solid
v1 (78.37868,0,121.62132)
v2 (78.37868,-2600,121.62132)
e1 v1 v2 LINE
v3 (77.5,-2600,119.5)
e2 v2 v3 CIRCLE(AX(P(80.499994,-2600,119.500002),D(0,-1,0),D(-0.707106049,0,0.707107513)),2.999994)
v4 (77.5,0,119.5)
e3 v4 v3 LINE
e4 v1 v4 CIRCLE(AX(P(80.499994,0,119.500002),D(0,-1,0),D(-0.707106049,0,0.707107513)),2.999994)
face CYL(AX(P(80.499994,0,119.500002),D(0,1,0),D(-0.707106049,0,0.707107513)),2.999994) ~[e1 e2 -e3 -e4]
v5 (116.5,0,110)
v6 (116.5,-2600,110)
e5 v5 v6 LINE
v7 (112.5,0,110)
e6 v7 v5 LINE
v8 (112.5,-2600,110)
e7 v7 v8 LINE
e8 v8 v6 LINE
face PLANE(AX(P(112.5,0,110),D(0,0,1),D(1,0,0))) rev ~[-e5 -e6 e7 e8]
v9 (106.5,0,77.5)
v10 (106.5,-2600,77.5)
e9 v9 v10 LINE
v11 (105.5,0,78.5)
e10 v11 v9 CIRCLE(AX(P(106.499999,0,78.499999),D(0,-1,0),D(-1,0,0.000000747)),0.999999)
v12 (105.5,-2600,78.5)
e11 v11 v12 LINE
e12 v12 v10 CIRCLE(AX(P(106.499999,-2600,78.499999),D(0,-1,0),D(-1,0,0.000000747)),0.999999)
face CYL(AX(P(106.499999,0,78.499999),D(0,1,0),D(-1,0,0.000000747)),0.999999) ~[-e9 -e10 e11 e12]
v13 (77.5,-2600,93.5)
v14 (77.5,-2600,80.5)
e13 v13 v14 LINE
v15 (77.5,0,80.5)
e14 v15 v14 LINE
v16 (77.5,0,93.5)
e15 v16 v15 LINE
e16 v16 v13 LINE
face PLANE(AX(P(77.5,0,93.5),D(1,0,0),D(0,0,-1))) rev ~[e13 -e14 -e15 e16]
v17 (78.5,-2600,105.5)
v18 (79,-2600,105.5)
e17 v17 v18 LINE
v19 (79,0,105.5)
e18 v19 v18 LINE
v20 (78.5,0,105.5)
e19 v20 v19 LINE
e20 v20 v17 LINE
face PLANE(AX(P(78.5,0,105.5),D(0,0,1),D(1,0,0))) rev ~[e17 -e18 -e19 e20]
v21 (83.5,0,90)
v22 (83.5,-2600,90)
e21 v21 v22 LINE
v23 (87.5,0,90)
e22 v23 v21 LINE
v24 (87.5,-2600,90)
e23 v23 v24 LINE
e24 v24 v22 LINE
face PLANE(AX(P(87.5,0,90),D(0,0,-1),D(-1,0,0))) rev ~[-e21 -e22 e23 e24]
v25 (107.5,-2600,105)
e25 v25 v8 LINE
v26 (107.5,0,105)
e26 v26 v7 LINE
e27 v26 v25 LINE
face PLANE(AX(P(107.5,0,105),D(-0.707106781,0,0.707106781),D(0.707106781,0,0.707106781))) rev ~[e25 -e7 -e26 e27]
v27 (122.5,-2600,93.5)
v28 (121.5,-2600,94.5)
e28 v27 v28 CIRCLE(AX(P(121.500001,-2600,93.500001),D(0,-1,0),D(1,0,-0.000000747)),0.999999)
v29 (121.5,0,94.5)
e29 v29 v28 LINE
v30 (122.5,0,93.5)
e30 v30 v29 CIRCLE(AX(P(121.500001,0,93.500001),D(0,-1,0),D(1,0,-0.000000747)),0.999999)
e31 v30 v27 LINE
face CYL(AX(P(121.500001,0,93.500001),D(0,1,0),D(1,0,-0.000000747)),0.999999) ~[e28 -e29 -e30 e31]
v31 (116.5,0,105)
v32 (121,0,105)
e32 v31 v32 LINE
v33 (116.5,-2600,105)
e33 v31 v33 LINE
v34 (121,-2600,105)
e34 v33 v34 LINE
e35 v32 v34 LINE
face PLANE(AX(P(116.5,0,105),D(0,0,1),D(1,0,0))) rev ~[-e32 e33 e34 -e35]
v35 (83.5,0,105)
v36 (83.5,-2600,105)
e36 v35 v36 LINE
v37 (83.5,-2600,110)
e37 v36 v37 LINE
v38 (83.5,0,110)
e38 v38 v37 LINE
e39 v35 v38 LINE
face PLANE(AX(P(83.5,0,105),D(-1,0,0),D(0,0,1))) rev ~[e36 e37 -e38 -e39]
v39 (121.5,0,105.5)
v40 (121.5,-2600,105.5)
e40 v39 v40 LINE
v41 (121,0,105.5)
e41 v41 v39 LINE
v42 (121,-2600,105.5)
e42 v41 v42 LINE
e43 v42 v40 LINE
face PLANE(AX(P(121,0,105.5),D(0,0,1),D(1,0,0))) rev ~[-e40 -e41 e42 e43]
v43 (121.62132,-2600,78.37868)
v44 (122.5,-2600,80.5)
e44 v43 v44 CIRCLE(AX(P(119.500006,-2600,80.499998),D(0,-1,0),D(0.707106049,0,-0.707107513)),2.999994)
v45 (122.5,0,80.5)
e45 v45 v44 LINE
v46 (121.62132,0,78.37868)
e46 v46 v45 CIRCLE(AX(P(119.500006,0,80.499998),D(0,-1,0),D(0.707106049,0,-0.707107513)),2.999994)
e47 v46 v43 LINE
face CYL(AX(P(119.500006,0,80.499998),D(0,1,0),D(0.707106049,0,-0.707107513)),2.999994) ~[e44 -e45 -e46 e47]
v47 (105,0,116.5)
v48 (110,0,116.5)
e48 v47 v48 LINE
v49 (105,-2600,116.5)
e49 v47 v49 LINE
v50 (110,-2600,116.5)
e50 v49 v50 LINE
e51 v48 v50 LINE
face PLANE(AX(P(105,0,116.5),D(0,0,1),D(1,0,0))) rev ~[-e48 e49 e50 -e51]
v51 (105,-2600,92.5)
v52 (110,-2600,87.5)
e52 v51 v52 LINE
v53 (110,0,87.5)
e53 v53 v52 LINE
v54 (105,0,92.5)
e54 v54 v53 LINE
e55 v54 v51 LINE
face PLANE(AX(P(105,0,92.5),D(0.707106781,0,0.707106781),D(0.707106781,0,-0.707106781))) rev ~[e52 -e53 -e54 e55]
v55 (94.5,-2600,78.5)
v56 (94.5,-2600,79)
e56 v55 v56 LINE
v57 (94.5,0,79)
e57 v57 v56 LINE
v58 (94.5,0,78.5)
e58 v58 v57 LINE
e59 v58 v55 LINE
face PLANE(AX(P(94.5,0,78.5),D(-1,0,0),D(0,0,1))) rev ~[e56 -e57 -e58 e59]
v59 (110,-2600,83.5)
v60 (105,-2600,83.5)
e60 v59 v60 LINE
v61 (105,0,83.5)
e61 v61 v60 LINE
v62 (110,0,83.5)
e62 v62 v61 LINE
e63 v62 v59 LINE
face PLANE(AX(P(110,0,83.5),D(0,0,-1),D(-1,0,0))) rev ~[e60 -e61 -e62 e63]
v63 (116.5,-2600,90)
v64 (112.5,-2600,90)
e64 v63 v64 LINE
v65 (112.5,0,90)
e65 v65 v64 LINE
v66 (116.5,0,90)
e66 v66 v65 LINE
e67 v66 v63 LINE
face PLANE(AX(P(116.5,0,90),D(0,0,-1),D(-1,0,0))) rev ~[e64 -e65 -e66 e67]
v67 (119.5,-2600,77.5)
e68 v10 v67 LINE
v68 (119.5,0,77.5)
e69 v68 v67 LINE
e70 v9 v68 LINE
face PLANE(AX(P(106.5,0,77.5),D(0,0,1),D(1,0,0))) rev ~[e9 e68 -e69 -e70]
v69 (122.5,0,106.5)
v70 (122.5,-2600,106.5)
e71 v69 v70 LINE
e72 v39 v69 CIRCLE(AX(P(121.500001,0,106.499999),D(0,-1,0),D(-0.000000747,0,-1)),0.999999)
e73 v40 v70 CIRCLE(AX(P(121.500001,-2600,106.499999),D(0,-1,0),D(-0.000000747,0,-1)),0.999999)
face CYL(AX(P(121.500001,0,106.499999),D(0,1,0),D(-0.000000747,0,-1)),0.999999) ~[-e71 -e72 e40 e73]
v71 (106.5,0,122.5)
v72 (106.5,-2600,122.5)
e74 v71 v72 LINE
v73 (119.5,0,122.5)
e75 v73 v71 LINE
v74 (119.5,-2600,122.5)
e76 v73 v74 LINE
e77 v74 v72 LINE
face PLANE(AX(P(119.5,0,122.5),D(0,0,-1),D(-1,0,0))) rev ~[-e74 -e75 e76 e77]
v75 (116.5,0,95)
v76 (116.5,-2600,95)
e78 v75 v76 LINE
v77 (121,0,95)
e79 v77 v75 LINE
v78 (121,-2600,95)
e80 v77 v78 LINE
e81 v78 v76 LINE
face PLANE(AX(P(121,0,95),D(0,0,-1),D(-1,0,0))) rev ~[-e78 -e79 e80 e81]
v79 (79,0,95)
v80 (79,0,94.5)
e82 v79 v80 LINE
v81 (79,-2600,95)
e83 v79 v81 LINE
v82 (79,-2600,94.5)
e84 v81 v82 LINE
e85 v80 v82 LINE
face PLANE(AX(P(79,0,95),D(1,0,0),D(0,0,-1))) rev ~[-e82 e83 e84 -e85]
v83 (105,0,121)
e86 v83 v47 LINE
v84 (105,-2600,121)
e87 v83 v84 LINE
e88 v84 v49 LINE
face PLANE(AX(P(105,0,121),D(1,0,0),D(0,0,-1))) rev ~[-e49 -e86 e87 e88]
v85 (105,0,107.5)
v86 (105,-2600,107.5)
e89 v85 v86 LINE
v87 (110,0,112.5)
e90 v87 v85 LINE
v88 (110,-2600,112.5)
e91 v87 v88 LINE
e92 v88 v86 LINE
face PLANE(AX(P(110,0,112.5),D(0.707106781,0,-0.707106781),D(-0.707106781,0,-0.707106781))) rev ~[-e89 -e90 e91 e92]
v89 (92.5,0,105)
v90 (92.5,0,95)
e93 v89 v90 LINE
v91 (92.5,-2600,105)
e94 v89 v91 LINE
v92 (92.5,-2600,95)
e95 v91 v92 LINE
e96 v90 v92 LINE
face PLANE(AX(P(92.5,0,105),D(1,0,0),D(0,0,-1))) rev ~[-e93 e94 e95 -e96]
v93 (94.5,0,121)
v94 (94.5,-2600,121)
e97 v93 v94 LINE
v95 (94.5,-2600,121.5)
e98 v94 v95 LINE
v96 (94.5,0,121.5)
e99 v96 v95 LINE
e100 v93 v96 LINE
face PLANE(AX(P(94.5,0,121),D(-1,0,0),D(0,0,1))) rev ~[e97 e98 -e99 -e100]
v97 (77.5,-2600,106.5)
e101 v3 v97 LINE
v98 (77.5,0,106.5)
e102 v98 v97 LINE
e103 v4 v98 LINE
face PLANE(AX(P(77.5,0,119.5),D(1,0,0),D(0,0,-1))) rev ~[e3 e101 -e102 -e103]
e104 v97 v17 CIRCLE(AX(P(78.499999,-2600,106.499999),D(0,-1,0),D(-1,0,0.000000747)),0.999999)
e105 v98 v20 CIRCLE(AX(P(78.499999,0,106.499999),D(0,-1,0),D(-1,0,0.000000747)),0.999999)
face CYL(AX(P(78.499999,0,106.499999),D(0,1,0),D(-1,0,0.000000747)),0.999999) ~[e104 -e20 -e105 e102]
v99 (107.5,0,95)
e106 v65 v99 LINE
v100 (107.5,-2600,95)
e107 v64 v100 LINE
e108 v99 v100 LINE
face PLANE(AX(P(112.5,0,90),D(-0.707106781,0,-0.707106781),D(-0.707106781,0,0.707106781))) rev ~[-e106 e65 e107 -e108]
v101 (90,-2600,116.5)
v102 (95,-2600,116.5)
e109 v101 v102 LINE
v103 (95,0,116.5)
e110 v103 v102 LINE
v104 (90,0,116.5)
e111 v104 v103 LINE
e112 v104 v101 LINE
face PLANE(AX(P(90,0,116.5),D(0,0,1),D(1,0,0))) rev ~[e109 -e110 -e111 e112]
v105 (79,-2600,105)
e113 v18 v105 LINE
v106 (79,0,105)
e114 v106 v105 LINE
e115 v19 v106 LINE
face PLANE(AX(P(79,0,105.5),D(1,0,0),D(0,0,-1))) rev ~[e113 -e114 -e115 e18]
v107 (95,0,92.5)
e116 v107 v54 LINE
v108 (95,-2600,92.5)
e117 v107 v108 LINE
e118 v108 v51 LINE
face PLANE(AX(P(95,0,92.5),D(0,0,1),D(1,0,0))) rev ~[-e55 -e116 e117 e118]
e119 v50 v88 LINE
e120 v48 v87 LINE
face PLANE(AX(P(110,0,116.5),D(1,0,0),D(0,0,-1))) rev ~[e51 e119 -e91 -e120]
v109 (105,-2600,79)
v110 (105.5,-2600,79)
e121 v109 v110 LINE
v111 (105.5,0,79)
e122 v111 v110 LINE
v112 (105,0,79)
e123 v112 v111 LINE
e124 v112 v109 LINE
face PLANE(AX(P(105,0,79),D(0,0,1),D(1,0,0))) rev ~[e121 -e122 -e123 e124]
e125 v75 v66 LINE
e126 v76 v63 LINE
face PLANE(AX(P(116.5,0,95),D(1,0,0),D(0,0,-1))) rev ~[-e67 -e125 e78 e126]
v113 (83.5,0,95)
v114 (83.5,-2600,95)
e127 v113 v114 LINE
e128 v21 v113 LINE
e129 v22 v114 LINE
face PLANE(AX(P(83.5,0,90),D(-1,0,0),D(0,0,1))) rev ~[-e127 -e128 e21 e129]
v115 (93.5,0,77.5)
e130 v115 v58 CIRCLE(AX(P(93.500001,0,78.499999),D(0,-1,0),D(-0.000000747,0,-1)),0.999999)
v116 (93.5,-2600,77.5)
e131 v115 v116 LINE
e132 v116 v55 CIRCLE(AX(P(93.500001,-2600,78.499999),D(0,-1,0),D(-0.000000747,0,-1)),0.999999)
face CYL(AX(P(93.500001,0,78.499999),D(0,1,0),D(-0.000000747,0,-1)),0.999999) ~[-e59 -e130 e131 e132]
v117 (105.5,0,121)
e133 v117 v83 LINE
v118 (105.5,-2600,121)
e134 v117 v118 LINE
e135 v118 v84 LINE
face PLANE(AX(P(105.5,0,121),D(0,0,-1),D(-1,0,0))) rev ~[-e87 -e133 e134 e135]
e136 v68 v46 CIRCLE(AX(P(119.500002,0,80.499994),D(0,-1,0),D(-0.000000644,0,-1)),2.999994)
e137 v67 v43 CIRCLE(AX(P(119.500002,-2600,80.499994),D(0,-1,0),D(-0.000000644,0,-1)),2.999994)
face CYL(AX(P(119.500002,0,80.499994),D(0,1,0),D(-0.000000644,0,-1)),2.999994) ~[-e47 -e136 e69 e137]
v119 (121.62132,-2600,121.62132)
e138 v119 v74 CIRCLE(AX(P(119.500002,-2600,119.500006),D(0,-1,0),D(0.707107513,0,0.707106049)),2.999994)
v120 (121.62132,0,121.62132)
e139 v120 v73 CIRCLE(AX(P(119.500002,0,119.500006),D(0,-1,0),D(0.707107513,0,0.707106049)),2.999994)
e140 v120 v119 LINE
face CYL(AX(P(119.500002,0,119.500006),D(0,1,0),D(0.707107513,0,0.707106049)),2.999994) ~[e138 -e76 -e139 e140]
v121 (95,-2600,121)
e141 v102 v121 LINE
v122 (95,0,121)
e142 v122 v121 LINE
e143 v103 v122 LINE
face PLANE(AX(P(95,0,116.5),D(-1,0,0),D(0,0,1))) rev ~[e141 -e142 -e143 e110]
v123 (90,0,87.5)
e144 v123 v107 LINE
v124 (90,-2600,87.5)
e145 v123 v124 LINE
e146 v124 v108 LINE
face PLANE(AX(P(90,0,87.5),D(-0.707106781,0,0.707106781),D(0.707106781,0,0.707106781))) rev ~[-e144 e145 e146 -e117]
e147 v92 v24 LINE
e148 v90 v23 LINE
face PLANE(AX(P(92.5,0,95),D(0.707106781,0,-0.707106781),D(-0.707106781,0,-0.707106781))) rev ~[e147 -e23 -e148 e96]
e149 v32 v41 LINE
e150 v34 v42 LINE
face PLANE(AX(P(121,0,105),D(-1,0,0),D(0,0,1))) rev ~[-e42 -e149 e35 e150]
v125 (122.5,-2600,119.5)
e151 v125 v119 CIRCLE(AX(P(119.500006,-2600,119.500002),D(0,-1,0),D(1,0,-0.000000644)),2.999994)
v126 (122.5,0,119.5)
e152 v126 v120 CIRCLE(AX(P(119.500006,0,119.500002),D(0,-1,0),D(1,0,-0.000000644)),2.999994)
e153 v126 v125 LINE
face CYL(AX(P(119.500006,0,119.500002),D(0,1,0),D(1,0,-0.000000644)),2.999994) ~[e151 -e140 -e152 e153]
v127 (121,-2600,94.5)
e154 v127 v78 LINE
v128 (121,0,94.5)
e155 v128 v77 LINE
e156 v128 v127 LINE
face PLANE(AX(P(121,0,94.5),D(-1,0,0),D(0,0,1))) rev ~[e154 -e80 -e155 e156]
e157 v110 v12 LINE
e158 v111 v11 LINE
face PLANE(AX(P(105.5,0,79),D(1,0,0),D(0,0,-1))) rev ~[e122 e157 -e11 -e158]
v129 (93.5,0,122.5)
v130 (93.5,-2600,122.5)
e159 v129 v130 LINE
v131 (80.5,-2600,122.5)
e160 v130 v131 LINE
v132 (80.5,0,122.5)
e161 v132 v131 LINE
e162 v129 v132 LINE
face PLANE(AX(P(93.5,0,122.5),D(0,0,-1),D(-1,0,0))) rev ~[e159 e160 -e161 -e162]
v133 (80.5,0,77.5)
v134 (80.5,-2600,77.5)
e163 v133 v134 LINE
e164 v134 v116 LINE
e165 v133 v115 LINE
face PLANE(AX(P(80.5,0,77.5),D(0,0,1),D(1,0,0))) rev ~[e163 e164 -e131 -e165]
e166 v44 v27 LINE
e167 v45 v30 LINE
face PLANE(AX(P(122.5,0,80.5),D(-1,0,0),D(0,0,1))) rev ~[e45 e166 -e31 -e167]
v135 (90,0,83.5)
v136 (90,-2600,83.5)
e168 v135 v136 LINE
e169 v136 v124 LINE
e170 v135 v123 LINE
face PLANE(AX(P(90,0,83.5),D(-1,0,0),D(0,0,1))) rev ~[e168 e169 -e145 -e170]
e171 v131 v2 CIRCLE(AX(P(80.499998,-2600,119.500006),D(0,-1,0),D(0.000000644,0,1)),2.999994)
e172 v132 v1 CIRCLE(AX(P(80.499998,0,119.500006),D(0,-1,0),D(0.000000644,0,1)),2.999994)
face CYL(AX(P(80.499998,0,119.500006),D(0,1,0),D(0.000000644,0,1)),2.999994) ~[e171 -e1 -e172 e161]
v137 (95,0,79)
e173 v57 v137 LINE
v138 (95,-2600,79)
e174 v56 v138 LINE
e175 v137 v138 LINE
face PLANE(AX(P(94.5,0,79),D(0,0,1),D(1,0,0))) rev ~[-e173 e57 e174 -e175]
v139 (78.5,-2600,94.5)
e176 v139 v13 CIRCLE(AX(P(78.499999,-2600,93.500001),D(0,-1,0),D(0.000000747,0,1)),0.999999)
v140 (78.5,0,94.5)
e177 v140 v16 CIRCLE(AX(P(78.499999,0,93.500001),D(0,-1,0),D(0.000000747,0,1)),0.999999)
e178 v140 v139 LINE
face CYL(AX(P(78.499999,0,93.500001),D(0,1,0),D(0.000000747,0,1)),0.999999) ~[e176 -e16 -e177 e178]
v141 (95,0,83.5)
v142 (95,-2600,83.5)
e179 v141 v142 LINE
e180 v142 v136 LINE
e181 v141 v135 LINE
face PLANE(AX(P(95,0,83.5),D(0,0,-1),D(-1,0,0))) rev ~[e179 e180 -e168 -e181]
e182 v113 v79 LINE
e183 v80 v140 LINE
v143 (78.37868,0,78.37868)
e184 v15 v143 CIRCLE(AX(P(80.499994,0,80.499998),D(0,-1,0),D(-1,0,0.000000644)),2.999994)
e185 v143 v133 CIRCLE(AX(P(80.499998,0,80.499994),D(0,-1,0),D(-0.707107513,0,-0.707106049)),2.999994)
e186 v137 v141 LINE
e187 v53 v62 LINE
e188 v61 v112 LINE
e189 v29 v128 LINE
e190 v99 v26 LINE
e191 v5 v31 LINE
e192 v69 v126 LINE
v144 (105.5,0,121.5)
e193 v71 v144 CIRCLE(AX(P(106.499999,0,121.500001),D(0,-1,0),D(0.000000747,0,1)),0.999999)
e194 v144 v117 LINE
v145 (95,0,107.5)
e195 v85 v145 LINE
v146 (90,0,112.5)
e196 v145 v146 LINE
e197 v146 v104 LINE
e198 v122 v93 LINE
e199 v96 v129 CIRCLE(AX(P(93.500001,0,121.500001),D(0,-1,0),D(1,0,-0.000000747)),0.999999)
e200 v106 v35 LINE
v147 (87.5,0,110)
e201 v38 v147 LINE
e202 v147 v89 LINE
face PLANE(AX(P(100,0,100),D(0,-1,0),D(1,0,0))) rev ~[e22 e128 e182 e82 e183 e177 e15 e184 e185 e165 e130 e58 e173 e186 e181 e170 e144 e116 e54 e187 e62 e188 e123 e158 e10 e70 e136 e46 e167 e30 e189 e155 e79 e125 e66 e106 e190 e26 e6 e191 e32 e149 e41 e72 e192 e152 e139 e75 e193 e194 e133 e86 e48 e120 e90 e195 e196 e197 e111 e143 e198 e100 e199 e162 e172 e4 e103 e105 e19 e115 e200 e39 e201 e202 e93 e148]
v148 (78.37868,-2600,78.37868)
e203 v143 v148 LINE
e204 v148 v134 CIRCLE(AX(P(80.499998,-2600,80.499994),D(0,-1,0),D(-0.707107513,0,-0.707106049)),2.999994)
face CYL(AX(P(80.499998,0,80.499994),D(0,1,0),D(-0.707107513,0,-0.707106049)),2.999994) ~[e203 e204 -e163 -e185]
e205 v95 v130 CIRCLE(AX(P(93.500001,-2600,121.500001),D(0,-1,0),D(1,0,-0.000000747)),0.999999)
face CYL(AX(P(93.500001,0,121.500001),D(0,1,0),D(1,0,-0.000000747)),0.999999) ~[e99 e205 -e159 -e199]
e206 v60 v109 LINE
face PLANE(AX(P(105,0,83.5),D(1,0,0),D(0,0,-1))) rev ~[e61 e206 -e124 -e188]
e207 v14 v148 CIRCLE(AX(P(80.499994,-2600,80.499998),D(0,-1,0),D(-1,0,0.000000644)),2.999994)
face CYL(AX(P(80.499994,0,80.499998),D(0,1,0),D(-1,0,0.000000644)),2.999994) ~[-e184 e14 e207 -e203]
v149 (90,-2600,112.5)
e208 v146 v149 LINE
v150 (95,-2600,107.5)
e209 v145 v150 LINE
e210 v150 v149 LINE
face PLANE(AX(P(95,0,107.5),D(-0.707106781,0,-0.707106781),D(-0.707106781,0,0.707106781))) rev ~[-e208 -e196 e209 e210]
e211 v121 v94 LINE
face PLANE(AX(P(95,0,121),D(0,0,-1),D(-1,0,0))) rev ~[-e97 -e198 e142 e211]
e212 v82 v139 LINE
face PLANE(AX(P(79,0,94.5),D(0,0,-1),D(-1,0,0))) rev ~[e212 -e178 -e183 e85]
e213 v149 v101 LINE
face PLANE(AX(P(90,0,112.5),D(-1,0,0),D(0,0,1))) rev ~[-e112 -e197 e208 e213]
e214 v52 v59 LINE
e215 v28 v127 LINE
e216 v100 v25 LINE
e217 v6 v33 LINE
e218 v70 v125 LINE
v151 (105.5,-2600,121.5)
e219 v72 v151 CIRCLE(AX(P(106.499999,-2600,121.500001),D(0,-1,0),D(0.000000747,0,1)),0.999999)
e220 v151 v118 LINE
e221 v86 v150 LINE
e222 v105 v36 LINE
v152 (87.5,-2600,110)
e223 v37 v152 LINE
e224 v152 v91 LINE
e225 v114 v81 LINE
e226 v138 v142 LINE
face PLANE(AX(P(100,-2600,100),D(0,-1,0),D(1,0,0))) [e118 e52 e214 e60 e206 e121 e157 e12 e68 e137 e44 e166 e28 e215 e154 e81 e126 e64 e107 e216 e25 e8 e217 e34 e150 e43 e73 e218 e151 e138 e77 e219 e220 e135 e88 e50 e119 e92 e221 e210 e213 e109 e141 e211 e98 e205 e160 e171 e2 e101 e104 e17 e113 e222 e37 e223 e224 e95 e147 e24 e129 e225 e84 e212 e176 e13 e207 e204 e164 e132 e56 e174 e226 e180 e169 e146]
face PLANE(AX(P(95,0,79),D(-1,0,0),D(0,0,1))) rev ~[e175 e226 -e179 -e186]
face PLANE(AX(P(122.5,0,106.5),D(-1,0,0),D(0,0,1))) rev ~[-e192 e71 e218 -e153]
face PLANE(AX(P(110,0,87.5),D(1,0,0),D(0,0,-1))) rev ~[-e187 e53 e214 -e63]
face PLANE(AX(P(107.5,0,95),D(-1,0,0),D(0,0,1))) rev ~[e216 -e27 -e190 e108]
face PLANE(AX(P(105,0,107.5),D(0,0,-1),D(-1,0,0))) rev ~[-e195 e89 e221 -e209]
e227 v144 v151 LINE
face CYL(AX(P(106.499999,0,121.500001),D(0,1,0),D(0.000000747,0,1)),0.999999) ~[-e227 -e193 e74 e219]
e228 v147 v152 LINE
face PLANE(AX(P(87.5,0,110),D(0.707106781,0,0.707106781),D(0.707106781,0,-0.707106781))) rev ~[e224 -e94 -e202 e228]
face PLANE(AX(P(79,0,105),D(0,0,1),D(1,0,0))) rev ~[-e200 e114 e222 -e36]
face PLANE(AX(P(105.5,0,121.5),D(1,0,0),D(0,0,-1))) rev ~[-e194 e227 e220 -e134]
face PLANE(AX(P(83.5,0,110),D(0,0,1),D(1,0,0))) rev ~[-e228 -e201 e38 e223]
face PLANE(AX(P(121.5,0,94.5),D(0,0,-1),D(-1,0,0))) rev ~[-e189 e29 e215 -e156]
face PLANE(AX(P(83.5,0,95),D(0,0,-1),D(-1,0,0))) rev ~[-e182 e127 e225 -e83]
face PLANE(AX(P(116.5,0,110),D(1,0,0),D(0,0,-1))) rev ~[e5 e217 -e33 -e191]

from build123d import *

# Parameters (mm, degrees)
F1_DEPTH = 2600


with BuildPart() as f1:
    # F0 (on Front) → F1 (new body)
    with BuildSketch(Plane.XZ):
        with BuildLine():
            Line((93.5, 122.5), (80.5, 122.5))
            ThreePointArc((80.5, 122.5), (79.35195, 122.271639), (78.37868, 121.62132))
            ThreePointArc((78.37868, 121.62132), (77.728361, 120.64805), (77.5, 119.5))
            Line((77.5, 119.5), (77.5, 106.5))
            ThreePointArc((77.5, 106.5), (77.792893, 105.792893), (78.5, 105.5))
            Line((78.5, 105.5), (79, 105.5))
            Line((79, 105.5), (79, 105))
            Line((79, 105), (83.5, 105))
            Line((83.5, 105), (83.5, 110))
            Line((83.5, 110), (87.5, 110))
            Line((87.5, 110), (92.5, 105))
            Line((92.5, 105), (92.5, 100))
            Line((92.5, 100), (92.5, 95))
            Line((92.5, 95), (87.5, 90))
            Line((87.5, 90), (83.5, 90))
            Line((83.5, 90), (83.5, 95))
            Line((83.5, 95), (79, 95))
            Line((79, 95), (79, 94.5))
            Line((79, 94.5), (78.5, 94.5))
            ThreePointArc((78.5, 94.5), (77.792893, 94.207107), (77.5, 93.5))
            Line((77.5, 93.5), (77.5, 80.5))
            ThreePointArc((77.5, 80.5), (77.728361, 79.35195), (78.37868, 78.37868))
            ThreePointArc((78.37868, 78.37868), (79.35195, 77.728361), (80.5, 77.5))
            Line((80.5, 77.5), (93.5, 77.5))
            ThreePointArc((93.5, 77.5), (94.207107, 77.792893), (94.5, 78.5))
            Line((94.5, 78.5), (94.5, 79))
            Line((94.5, 79), (95, 79))
            Line((95, 79), (95, 83.5))
            Line((95, 83.5), (90, 83.5))
            Line((90, 83.5), (90, 87.5))
            Line((90, 87.5), (95, 92.5))
            Line((95, 92.5), (100, 92.5))
            Line((100, 92.5), (105, 92.5))
            Line((105, 92.5), (110, 87.5))
            Line((110, 87.5), (110, 83.5))
            Line((110, 83.5), (105, 83.5))
            Line((105, 83.5), (105, 79))
            Line((105, 79), (105.5, 79))
            Line((105.5, 79), (105.5, 78.5))
            ThreePointArc((105.5, 78.5), (105.792893, 77.792893), (106.5, 77.5))
            Line((106.5, 77.5), (119.5, 77.5))
            ThreePointArc((119.5, 77.5), (120.64805, 77.728361), (121.62132, 78.37868))
            ThreePointArc((121.62132, 78.37868), (122.271639, 79.35195), (122.5, 80.5))
            Line((122.5, 80.5), (122.5, 93.5))
            ThreePointArc((122.5, 93.5), (122.207107, 94.207107), (121.5, 94.5))
            Line((121.5, 94.5), (121, 94.5))
            Line((121, 94.5), (121, 95))
            Line((121, 95), (116.5, 95))
            Line((116.5, 95), (116.5, 90))
            Line((116.5, 90), (112.5, 90))
            Line((112.5, 90), (107.5, 95))
            Line((107.5, 95), (107.5, 100))
            Line((107.5, 100), (107.5, 105))
            Line((107.5, 105), (112.5, 110))
            Line((112.5, 110), (116.5, 110))
            Line((116.5, 110), (116.5, 105))
            Line((116.5, 105), (121, 105))
            Line((121, 105), (121, 105.5))
            Line((121, 105.5), (121.5, 105.5))
            ThreePointArc((121.5, 105.5), (122.207107, 105.792893), (122.5, 106.5))
            Line((122.5, 106.5), (122.5, 119.5))
            ThreePointArc((122.5, 119.5), (122.271639, 120.64805), (121.62132, 121.62132))
            ThreePointArc((121.62132, 121.62132), (120.64805, 122.271639), (119.5, 122.5))
            Line((119.5, 122.5), (106.5, 122.5))
            ThreePointArc((106.5, 122.5), (105.792893, 122.207107), (105.5, 121.5))
            Line((105.5, 121.5), (105.5, 121))
            Line((105.5, 121), (105, 121))
            Line((105, 121), (105, 116.5))
            Line((105, 116.5), (110, 116.5))
            Line((110, 116.5), (110, 112.5))
            Line((110, 112.5), (105, 107.5))
            Line((105, 107.5), (100, 107.5))
            Line((100, 107.5), (95, 107.5))
            Line((95, 107.5), (90, 112.5))
            Line((90, 112.5), (90, 116.5))
            Line((90, 116.5), (95, 116.5))
            Line((95, 116.5), (95, 121))
            Line((95, 121), (94.5, 121))
            Line((94.5, 121), (94.5, 121.5))
            ThreePointArc((94.5, 121.5), (94.207107, 122.207107), (93.5, 122.5))
        make_face()
    extrude(amount=F1_DEPTH)


solid = f1.part
